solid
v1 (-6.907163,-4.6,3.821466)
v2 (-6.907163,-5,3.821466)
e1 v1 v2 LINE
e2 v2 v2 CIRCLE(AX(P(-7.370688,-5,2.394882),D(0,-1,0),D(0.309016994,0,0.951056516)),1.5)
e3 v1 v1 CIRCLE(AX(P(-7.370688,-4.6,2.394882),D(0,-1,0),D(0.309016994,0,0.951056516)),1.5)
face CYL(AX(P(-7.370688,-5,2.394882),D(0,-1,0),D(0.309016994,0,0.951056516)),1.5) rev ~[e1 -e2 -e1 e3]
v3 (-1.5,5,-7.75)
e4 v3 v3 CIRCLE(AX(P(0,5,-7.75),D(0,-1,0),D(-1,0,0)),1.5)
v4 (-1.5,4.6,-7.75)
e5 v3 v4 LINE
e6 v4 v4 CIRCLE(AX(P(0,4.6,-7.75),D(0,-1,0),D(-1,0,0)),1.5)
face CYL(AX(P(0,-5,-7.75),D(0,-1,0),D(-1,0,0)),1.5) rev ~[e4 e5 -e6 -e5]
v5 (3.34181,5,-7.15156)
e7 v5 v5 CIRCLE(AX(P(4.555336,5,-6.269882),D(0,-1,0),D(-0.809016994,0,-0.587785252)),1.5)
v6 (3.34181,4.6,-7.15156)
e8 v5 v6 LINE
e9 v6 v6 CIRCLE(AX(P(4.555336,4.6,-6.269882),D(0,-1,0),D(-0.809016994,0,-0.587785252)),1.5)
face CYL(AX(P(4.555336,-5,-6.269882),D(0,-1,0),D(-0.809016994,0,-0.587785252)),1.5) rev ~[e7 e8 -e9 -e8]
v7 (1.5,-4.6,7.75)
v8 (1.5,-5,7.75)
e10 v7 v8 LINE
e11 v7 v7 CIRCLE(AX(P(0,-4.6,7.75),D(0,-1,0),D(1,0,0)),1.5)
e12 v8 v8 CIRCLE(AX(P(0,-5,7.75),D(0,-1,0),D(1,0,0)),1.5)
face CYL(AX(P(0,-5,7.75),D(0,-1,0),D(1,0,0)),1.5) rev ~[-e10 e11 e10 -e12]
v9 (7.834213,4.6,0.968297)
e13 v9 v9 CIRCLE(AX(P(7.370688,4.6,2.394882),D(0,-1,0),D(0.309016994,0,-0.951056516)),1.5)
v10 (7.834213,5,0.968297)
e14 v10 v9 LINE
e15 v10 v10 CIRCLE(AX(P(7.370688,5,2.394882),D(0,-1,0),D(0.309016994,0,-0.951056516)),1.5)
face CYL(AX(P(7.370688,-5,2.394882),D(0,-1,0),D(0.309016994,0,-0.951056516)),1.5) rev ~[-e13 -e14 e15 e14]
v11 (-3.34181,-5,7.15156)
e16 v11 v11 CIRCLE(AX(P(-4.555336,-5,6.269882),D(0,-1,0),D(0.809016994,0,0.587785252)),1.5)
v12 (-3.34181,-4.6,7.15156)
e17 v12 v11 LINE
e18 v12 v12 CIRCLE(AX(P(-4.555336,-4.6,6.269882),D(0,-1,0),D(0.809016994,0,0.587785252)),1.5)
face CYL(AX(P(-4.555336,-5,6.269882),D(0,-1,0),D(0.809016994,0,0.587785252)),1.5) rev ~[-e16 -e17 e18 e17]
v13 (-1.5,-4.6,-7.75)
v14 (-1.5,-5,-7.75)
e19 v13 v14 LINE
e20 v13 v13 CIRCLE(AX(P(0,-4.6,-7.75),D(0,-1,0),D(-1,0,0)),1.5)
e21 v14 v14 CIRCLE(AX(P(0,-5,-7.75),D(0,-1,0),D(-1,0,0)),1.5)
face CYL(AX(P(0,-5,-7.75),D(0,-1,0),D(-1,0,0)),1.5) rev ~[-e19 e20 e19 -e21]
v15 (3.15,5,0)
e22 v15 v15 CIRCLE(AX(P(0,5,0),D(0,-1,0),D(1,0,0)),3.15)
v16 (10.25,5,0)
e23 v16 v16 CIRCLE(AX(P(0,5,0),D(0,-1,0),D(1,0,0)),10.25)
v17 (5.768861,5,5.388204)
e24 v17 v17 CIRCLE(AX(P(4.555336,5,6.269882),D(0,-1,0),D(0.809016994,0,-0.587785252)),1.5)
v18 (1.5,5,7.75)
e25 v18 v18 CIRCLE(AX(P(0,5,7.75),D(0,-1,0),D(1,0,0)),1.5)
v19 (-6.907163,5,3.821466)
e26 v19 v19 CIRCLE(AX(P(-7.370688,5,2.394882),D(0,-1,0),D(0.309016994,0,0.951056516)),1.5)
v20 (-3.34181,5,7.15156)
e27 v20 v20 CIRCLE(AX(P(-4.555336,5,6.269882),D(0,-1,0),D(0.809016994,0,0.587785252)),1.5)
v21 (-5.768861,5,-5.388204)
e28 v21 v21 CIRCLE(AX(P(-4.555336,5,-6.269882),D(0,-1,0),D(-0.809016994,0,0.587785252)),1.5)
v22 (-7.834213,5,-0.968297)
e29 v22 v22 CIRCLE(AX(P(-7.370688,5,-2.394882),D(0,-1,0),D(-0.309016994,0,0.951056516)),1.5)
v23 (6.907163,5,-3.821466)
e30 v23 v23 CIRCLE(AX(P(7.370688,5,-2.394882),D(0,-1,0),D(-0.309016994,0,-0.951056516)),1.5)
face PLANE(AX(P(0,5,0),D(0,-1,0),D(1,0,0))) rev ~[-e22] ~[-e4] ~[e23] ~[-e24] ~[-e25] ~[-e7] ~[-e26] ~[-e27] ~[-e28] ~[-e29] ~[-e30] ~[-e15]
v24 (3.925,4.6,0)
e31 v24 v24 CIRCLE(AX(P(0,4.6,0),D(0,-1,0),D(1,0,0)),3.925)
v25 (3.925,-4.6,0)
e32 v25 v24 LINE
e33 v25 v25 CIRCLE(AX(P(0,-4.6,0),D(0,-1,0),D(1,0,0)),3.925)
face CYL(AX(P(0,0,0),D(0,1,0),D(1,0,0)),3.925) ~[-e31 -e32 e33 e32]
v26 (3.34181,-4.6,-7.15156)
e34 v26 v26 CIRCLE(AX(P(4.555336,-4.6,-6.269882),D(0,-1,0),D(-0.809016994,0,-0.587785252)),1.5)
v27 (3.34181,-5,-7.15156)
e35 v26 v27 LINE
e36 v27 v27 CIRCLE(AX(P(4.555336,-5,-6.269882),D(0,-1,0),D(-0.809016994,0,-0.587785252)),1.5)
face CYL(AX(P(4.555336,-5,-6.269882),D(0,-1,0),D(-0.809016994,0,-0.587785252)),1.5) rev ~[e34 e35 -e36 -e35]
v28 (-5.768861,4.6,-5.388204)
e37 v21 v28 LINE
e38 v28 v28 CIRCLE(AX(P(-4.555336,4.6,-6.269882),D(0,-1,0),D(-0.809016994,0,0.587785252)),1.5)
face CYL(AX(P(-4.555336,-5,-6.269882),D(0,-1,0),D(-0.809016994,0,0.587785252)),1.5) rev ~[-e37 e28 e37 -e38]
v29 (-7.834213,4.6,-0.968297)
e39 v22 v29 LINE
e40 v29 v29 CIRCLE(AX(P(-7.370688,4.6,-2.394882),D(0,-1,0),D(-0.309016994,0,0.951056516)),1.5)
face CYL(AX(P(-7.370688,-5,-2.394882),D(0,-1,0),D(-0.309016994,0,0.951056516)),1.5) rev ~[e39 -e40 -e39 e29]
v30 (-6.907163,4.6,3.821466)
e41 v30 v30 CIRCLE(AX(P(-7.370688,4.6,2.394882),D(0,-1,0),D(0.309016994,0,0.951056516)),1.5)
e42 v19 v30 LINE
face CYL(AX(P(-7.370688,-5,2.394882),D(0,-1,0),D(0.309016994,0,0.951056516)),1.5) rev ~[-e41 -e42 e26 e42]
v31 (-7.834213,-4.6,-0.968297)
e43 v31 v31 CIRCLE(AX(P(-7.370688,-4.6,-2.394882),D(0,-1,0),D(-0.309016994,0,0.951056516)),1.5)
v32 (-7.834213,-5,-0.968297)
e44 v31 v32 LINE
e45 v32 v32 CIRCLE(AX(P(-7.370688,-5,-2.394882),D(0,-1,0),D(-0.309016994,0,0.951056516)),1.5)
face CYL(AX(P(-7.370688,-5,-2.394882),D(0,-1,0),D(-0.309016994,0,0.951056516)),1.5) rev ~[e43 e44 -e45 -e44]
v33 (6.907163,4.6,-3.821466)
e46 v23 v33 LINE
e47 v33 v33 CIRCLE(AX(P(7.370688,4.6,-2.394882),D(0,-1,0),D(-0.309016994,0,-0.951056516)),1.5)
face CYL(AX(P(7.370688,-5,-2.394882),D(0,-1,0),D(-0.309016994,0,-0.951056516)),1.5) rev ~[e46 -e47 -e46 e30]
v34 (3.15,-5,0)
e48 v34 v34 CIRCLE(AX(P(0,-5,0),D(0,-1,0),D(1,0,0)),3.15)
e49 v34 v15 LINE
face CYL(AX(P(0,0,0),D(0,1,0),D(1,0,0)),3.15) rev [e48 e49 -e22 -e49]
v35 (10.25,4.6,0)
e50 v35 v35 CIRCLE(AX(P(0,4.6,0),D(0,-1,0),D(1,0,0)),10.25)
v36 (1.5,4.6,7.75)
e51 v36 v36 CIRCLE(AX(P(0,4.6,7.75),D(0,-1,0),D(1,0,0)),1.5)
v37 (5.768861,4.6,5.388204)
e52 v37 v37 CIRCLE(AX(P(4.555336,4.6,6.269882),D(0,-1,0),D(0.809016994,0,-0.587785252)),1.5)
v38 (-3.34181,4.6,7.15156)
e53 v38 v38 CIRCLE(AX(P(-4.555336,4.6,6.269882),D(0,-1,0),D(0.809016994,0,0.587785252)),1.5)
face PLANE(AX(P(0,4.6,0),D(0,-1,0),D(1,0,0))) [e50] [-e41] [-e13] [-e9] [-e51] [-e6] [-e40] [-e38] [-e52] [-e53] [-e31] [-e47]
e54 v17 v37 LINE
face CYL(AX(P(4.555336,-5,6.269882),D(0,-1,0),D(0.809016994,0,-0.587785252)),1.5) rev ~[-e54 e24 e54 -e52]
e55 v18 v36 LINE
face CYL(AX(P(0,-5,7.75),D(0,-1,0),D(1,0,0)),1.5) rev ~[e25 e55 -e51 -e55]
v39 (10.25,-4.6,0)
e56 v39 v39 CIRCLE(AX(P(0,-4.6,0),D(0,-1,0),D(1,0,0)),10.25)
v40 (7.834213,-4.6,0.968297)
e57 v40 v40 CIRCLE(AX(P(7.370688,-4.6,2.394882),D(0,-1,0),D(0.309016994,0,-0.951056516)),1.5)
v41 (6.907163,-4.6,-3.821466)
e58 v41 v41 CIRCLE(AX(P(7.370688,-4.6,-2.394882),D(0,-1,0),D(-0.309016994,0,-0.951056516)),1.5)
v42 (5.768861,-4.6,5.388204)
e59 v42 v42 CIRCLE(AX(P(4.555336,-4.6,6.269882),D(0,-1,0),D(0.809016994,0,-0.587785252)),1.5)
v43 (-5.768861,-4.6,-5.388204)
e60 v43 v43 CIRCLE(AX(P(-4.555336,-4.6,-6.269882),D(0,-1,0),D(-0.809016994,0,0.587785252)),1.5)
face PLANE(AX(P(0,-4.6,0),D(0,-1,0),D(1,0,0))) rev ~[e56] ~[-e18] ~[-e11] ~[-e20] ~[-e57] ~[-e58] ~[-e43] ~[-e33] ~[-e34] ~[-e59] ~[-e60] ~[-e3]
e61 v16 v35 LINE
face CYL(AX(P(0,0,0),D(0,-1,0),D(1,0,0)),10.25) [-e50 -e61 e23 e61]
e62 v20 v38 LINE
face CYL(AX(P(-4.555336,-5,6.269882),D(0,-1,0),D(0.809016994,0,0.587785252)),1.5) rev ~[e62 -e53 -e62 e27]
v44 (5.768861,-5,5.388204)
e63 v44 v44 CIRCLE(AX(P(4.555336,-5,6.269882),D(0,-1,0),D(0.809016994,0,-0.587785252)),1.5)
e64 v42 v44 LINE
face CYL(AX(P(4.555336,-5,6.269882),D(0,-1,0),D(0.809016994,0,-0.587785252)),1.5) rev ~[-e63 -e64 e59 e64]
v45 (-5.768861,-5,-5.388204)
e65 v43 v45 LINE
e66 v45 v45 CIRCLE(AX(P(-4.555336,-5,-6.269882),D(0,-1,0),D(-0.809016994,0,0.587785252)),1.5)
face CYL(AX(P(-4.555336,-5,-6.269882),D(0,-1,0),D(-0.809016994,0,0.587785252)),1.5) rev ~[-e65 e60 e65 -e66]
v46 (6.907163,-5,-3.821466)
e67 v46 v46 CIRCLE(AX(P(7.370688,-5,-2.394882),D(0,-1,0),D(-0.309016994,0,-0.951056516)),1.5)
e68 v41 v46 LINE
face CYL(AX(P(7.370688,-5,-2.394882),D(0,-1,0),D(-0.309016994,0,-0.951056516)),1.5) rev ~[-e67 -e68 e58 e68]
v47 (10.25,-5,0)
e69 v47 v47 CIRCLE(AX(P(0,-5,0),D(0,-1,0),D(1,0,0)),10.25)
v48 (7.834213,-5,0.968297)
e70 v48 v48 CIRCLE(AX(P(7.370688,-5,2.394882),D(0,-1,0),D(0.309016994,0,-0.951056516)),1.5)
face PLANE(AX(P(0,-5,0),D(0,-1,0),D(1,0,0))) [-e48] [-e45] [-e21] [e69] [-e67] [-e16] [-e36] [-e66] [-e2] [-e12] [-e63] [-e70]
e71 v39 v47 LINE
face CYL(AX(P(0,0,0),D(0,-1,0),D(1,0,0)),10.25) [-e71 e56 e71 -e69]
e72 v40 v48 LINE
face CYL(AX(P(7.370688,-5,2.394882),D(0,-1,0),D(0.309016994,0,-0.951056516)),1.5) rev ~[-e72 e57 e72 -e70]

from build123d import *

# Parameters (mm, degrees)
F0_R     = 10.25
F0_R_2   = 3.925
F0_R_3   = 3.15
F1_DEPTH = 5
F2_DEPTH = 4.6
F3_R     = 1.5
F4_DEPTH = 12.5
F5_COUNT = 10
F5_ANGLE = 324


with BuildPart() as f1:
    # F0 (on Front) → F1 (new body, symmetric)
    with BuildSketch(Plane.XZ):
        Circle(F0_R)
        Circle(F0_R_2, mode=Mode.SUBTRACT)
        Circle(F0_R_2)
        Circle(F0_R_3, mode=Mode.SUBTRACT)
    extrude(amount=F1_DEPTH, both=True)

    # F0 (on Front) → F2 (cut, symmetric)
    with BuildSketch(Plane.XZ):
        Circle(F0_R)
        Circle(F0_R_2, mode=Mode.SUBTRACT)
    extrude(amount=F2_DEPTH, both=True, mode=Mode.SUBTRACT)


with BuildPart() as f4:
    # F3 (on face) → F4 (new body, symmetric)
    with BuildSketch(Plane.XZ.offset(5)):
        with Locations((0, 7.75)):
            Circle(F3_R)
    extrude(amount=F4_DEPTH, both=True)


with BuildPart() as f5_1:
    # F5: instance of F4
    add(f4.part.rotate(Axis((0, -5, 0), (0, -1, 0)), 1 * F5_ANGLE / (F5_COUNT - 1)))


with BuildPart() as f5_2:
    # F5: instance of F4
    add(f4.part.rotate(Axis((0, -5, 0), (0, -1, 0)), 2 * F5_ANGLE / (F5_COUNT - 1)))


with BuildPart() as f5_3:
    # F5: instance of F4
    add(f4.part.rotate(Axis((0, -5, 0), (0, -1, 0)), 3 * F5_ANGLE / (F5_COUNT - 1)))


with BuildPart() as f5_4:
    # F5: instance of F4
    add(f4.part.rotate(Axis((0, -5, 0), (0, -1, 0)), 4 * F5_ANGLE / (F5_COUNT - 1)))


with BuildPart() as f5_5:
    # F5: instance of F4
    add(f4.part.rotate(Axis((0, -5, 0), (0, -1, 0)), 5 * F5_ANGLE / (F5_COUNT - 1)))


with BuildPart() as f5_6:
    # F5: instance of F4
    add(f4.part.rotate(Axis((0, -5, 0), (0, -1, 0)), 6 * F5_ANGLE / (F5_COUNT - 1)))


with BuildPart() as f5_7:
    # F5: instance of F4
    add(f4.part.rotate(Axis((0, -5, 0), (0, -1, 0)), 7 * F5_ANGLE / (F5_COUNT - 1)))


with BuildPart() as f5_8:
    # F5: instance of F4
    add(f4.part.rotate(Axis((0, -5, 0), (0, -1, 0)), 8 * F5_ANGLE / (F5_COUNT - 1)))


with BuildPart() as f5_9:
    # F5: instance of F4
    add(f4.part.rotate(Axis((0, -5, 0), (0, -1, 0)), 9 * F5_ANGLE / (F5_COUNT - 1)))


with BuildPart() as f1_1:
    add(f1.part)

    # F6: cut F4, F5_1, F5_2, F5_3, F5_4, F5_5, F5_6, F5_7, F5_8, F5_9
    add(f4.part, mode=Mode.SUBTRACT)
    add(f5_1.part, mode=Mode.SUBTRACT)
    add(f5_2.part, mode=Mode.SUBTRACT)
    add(f5_3.part, mode=Mode.SUBTRACT)
    add(f5_4.part, mode=Mode.SUBTRACT)
    add(f5_5.part, mode=Mode.SUBTRACT)
    add(f5_6.part, mode=Mode.SUBTRACT)
    add(f5_7.part, mode=Mode.SUBTRACT)
    add(f5_8.part, mode=Mode.SUBTRACT)
    add(f5_9.part, mode=Mode.SUBTRACT)


solid = f1_1.part
